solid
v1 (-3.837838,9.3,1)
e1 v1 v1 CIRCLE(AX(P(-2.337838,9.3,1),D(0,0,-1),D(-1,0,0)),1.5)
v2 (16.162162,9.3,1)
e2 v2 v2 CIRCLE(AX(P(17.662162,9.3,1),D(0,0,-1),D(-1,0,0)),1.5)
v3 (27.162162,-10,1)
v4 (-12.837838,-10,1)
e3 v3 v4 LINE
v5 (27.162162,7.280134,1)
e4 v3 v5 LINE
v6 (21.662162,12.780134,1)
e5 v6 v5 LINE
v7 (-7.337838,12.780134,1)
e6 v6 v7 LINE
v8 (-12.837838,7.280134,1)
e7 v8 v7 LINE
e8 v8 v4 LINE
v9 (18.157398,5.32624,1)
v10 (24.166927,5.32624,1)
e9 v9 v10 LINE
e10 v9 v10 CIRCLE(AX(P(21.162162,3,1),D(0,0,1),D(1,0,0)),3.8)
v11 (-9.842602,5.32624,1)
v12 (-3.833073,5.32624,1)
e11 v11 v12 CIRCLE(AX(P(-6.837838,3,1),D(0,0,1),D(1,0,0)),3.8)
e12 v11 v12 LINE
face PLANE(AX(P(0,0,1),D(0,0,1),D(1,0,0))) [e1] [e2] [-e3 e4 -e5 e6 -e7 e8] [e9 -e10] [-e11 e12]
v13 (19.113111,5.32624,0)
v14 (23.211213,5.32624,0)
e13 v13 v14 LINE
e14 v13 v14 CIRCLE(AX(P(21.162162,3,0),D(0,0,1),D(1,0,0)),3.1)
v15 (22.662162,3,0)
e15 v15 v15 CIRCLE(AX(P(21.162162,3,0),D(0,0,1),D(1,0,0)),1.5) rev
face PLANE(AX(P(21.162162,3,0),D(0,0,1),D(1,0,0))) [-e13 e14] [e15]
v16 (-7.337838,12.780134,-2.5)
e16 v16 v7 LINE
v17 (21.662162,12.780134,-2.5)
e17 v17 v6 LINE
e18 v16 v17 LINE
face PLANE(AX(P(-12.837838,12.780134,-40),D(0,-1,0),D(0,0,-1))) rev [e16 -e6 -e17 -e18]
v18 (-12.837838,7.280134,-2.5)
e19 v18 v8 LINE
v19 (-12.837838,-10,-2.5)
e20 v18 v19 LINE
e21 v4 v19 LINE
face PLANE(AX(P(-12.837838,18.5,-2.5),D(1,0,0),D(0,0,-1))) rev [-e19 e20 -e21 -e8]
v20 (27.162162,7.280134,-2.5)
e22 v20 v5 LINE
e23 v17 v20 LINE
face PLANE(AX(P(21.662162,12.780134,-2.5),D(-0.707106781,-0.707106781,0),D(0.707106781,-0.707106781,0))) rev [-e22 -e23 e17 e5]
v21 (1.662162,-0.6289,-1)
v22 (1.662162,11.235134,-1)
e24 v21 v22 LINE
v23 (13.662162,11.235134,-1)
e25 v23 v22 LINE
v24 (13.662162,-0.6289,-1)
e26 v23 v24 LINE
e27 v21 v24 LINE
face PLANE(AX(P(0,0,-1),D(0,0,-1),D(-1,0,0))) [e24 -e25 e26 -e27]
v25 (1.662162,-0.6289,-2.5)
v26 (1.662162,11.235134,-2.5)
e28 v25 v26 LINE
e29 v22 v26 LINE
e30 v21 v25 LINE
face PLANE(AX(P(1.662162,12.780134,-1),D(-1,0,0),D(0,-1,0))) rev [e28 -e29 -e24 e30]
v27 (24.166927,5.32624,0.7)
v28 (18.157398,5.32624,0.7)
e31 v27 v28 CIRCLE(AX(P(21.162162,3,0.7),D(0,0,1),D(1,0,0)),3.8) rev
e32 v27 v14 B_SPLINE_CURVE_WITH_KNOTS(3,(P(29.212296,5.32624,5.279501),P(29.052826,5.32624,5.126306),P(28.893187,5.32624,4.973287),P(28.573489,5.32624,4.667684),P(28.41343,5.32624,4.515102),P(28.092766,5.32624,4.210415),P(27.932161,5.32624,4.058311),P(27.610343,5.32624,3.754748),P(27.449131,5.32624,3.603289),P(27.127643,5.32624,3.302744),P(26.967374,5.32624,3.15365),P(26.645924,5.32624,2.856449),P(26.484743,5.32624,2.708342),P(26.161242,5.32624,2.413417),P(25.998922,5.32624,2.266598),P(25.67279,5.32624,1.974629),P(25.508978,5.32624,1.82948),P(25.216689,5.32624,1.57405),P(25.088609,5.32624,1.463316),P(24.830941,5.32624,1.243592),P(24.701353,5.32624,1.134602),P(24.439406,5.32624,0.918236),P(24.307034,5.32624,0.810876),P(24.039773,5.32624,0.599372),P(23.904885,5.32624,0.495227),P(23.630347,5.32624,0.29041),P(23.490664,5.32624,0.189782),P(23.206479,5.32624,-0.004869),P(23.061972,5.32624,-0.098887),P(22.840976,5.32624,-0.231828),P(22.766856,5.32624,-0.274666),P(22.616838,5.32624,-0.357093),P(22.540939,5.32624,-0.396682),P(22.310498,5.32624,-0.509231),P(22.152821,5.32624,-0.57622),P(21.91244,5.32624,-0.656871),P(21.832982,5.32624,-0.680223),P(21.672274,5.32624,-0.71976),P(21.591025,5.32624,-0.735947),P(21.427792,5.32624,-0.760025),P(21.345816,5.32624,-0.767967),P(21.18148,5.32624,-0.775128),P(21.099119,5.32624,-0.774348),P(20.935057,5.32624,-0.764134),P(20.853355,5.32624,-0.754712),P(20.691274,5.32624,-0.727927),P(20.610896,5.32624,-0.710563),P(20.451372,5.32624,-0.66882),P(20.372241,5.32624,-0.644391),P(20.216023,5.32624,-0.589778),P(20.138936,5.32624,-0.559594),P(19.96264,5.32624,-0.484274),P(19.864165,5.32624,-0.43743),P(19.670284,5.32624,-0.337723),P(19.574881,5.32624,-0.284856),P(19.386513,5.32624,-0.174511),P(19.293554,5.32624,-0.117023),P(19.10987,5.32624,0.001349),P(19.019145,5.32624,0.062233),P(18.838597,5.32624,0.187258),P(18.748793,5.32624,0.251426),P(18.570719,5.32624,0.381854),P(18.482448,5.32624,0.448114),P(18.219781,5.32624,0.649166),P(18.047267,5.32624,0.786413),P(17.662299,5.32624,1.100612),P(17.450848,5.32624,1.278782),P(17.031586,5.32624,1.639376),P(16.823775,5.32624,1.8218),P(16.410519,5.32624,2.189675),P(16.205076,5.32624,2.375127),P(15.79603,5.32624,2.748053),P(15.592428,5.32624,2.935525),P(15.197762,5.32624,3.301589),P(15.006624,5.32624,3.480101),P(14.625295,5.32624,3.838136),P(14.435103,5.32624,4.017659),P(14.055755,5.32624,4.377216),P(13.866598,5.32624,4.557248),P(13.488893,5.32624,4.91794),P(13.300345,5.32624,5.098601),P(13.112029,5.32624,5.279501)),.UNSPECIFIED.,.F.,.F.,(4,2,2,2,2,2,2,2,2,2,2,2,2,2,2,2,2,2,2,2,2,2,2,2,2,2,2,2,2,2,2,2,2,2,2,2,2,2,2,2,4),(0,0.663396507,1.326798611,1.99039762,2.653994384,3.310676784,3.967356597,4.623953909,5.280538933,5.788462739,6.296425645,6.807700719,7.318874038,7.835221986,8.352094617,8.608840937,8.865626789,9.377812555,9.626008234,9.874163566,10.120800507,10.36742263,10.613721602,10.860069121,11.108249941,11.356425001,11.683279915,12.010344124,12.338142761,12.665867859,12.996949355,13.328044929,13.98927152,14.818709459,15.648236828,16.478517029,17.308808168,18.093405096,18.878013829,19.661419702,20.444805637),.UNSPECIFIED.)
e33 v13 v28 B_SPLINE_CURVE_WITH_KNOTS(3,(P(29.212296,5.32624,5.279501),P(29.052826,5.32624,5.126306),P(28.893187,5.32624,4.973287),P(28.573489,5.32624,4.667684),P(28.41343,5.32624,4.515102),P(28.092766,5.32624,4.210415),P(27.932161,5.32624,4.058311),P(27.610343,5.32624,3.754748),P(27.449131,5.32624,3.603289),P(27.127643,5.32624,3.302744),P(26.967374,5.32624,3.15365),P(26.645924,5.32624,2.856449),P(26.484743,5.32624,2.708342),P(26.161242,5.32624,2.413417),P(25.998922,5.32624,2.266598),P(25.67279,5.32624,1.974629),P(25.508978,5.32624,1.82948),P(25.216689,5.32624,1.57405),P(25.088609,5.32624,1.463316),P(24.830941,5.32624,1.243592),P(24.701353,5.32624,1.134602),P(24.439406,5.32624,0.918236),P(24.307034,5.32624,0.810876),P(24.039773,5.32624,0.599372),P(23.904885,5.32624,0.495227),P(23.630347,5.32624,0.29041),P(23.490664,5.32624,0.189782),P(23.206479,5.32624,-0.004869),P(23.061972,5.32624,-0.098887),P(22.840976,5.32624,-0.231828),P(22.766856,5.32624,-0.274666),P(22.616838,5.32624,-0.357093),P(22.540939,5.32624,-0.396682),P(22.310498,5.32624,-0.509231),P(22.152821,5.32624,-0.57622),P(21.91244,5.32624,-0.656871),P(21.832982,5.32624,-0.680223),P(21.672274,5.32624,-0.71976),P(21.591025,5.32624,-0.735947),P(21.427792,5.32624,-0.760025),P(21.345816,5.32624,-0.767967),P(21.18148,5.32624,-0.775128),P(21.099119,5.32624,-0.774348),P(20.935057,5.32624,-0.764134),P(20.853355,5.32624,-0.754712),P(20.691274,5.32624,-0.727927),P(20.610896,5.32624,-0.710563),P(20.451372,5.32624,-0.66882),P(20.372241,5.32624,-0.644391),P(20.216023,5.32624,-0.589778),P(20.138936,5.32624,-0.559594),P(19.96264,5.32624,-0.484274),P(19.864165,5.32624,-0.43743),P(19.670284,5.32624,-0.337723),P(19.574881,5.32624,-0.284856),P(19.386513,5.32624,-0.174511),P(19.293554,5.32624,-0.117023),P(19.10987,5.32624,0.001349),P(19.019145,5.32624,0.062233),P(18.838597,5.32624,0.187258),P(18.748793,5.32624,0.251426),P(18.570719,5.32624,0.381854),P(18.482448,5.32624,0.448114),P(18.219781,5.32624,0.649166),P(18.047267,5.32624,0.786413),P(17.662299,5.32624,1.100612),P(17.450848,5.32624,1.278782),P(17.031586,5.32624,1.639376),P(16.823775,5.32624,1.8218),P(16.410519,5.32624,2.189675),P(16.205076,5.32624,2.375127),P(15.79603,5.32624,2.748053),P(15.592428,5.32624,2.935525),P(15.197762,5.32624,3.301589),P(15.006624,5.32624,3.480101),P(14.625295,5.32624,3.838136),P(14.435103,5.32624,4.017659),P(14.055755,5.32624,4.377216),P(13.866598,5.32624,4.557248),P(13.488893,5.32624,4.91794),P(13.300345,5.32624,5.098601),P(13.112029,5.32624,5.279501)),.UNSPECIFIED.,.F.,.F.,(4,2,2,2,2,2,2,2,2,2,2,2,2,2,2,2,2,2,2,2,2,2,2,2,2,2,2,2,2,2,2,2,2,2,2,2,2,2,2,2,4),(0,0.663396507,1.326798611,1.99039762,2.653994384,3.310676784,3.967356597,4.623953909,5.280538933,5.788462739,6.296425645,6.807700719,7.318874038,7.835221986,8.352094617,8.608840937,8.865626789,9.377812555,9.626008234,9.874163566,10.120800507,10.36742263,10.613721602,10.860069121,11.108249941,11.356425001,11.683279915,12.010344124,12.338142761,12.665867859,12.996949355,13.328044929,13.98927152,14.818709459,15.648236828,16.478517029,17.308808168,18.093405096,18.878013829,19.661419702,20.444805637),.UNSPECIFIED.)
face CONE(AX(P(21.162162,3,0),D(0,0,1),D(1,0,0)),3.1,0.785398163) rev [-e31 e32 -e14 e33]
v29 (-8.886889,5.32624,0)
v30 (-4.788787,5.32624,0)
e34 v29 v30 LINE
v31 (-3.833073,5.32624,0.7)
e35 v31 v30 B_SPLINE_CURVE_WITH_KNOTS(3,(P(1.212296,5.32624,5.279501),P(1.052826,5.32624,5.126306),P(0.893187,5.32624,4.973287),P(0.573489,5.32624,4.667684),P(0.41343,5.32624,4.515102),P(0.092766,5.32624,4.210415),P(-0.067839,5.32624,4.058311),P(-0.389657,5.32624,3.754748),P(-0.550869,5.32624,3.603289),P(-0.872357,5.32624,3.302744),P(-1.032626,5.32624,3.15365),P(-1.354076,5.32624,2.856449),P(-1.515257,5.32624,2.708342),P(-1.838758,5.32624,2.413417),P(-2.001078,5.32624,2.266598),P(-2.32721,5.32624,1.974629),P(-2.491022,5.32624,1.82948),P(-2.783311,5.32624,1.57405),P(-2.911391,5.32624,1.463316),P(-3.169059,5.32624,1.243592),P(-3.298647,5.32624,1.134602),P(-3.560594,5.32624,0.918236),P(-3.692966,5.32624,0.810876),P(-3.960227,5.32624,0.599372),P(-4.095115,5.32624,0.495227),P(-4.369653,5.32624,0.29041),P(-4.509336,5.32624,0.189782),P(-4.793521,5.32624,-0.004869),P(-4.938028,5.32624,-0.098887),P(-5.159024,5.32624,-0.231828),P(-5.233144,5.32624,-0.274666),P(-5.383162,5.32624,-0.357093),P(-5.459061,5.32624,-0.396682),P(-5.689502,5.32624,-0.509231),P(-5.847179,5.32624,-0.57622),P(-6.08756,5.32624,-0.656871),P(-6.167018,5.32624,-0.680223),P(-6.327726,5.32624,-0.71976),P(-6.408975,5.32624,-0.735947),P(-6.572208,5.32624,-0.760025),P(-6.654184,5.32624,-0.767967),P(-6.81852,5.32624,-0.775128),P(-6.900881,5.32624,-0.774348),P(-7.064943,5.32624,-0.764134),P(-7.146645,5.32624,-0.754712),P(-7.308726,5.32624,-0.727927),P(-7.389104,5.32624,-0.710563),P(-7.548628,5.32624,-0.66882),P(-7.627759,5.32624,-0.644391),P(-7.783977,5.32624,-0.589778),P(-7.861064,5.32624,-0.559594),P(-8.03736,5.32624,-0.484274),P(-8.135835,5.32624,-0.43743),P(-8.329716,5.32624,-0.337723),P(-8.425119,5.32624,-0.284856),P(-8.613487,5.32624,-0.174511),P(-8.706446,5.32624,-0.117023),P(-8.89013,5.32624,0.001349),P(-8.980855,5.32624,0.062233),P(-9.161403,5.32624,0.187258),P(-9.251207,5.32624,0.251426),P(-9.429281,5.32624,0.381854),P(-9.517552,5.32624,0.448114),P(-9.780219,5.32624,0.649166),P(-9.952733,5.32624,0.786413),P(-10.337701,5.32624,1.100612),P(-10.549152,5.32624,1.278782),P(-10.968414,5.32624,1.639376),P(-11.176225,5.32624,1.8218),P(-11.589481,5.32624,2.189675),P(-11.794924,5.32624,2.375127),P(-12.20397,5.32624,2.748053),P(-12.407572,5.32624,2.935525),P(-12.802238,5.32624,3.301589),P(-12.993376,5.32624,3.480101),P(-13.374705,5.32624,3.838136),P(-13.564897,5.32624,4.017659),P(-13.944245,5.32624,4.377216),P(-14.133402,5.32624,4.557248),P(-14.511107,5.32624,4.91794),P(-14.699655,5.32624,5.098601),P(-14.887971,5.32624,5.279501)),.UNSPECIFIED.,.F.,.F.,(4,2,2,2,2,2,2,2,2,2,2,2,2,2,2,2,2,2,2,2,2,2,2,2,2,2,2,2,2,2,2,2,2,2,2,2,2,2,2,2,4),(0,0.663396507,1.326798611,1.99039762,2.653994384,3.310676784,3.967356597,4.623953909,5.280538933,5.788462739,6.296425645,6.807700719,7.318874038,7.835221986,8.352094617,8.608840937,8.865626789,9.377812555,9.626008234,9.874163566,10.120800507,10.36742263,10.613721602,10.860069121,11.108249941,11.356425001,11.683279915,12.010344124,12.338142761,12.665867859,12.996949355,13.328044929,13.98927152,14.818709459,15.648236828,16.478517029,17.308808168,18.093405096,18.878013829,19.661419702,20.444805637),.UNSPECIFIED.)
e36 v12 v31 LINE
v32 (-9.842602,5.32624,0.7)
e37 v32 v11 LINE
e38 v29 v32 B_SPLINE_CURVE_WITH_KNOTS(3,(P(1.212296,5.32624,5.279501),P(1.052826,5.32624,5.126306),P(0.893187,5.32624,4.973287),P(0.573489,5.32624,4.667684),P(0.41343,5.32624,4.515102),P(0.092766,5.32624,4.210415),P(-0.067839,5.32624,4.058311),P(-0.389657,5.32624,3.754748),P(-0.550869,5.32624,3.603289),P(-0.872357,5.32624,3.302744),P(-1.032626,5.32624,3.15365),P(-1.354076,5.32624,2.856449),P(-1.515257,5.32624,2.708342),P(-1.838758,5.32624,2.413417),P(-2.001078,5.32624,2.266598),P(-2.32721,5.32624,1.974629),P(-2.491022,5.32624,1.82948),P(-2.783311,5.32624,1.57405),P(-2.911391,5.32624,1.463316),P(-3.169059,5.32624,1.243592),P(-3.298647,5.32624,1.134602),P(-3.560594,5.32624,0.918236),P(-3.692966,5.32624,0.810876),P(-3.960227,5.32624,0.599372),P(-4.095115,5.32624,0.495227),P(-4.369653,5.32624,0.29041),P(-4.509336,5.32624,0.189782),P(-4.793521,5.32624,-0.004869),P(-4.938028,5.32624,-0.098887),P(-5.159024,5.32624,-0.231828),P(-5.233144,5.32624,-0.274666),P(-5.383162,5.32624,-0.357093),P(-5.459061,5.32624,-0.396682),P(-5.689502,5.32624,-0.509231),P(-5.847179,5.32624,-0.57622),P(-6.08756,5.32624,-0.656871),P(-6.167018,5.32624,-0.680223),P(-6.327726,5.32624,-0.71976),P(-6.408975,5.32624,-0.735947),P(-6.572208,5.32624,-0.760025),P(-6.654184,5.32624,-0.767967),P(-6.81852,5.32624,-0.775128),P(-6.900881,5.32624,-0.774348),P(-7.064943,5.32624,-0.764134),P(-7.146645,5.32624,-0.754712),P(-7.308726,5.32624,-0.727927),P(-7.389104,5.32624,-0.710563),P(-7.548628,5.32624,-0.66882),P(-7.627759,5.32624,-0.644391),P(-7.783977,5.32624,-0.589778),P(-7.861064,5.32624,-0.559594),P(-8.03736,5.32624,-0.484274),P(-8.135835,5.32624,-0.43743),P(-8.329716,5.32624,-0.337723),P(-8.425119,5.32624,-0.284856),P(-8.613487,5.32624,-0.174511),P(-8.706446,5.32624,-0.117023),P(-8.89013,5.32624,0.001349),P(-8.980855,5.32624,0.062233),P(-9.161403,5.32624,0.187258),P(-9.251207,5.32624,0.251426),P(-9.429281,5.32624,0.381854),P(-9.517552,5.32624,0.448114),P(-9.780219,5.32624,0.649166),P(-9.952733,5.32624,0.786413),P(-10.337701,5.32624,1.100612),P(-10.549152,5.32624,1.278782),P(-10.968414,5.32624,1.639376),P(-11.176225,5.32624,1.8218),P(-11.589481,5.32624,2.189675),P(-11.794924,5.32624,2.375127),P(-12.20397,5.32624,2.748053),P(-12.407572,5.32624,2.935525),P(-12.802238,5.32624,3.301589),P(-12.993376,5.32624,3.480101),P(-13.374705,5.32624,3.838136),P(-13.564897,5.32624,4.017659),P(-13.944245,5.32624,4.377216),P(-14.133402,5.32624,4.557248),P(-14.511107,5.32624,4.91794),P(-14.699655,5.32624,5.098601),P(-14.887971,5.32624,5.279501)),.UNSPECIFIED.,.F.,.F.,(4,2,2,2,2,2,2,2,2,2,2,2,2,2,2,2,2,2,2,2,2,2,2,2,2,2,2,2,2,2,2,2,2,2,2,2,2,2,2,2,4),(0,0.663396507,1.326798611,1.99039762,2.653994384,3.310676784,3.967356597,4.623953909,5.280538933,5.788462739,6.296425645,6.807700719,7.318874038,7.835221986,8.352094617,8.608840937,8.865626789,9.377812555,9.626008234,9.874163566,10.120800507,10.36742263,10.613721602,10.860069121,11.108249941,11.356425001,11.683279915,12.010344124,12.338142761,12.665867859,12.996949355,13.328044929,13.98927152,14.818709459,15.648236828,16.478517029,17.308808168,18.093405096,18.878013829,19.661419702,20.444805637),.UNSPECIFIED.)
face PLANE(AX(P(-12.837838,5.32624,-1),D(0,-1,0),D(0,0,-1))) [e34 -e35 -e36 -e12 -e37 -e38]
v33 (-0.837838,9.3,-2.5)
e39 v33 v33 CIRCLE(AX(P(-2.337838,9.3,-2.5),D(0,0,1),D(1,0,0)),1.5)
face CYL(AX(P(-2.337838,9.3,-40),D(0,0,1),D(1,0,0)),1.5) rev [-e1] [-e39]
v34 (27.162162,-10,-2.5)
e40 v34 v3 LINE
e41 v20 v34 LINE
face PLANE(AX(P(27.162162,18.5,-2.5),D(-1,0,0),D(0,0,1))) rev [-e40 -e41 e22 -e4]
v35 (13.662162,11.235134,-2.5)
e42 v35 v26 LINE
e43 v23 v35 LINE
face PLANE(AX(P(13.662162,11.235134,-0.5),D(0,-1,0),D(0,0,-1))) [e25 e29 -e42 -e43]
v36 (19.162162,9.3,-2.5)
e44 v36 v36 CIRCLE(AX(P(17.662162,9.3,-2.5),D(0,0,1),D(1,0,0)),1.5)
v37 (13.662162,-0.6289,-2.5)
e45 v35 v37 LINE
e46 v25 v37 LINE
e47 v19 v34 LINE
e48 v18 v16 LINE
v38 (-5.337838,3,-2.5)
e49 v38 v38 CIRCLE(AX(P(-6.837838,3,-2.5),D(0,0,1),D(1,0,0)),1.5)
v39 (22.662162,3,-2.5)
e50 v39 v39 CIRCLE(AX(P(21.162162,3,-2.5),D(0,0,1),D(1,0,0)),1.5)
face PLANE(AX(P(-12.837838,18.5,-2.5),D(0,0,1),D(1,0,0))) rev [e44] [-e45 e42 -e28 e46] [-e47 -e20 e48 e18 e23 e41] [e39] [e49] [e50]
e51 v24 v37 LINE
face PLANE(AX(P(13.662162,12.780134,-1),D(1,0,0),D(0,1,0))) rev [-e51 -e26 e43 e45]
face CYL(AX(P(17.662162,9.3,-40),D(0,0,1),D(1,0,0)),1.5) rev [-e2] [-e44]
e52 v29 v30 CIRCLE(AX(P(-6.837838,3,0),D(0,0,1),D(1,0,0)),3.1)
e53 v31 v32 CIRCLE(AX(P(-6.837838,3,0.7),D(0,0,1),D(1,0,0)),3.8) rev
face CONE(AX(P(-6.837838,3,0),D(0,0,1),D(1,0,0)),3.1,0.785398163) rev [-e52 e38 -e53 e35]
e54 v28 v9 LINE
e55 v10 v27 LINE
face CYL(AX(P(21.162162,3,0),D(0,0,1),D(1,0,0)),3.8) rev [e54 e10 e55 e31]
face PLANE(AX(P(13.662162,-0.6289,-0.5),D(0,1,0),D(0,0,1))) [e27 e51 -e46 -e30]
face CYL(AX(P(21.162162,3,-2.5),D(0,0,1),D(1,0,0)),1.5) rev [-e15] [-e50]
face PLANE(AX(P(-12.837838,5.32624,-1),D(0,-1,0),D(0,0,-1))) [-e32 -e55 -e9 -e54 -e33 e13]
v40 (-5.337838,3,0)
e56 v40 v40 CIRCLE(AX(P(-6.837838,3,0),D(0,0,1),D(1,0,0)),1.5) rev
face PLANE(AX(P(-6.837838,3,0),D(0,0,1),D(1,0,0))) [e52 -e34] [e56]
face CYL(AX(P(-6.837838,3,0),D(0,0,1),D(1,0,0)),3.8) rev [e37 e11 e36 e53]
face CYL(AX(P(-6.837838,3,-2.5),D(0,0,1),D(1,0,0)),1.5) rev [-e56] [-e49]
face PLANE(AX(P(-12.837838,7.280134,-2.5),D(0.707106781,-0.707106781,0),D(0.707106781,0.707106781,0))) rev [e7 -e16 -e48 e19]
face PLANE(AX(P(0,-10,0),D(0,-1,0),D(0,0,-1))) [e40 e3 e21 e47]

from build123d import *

# Parameters (mm, degrees)
SKETCH_1_W          = 40
SKETCH_1_H          = 2.5
EXTRUDE_1_DEPTH     = 18.5
SKETCH_2_R          = 1.5
CUT_EXTRUDE_1_DEPTH = 33.958808433
SKETCH_3_R          = 1.5
CUT_EXTRUDE_2_DEPTH = 40
SKETCH_4_W          = 40
SKETCH_4_H          = 5.719865779
CUT_EXTRUDE_3_DEPTH = 40
SKETCH_5_W          = 40
SKETCH_5_H          = 12.780134221
EXTRUDE_2_DEPTH     = 1
SKETCH_6_R          = 1.5
CUT_EXTRUDE_4_DEPTH = 31.221927206
SKETCH_8_W          = 40
SKETCH_8_H          = 3.5
EXTRUDE_3_DEPTH     = 5
SKETCH_9_R          = 3.8
CUT_EXTRUDE_5_DEPTH = 1
SKETCH_10_W         = 12
SKETCH_10_H         = 17.780134221
CUT_EXTRUDE_6_DEPTH = 1.5
CHAMFER_3_SIZE      = 0.7
CUT_EXTRUDE_7_DEPTH = 31.221927206
SKETCH_12_W         = 40
SKETCH_12_H         = 1.953894505
EXTRUDE_5_DEPTH     = 2
SKETCH_13_W         = 40
SKETCH_13_H         = 3.5
EXTRUDE_6_DEPTH     = 5
SKETCH_14_W         = 12
SKETCH_14_H         = 4.371099825
EXTRUDE_7_DEPTH     = 2
SKETCH_15_W         = 12
SKETCH_15_H         = 1.544999831
EXTRUDE_8_DEPTH     = 2


with BuildPart() as part:
    # Эскиз1 → Бобышка-Вытянуть1 (new body)
    with BuildSketch(Plane(origin=(0, 0, 0), x_dir=(1, 0, 0), z_dir=(0, 1, 0))):
        with Locations((7.162162162, 1.25)):
            Rectangle(SKETCH_1_W, SKETCH_1_H)
    extrude(amount=EXTRUDE_1_DEPTH)

    # Эскиз2 → Вырез-Вытянуть1 (cut, through all)
    with BuildSketch(Plane.XY):
        with Locations((-6.837837838, 3)):
            Circle(SKETCH_2_R)
        with Locations((21.162162162, 3)):
            Circle(SKETCH_2_R)
    extrude(amount=-CUT_EXTRUDE_1_DEPTH, mode=Mode.SUBTRACT)

    # Эскиз3 → Вырез-Вытянуть2 (cut)
    with BuildSketch(Plane.XY):
        with Locations((-2.337837838, 9.3)):
            Circle(SKETCH_3_R)
        with Locations((17.662162162, 9.3)):
            Circle(SKETCH_3_R)
    extrude(amount=-CUT_EXTRUDE_2_DEPTH, mode=Mode.SUBTRACT)

    # Эскиз4 → Вырез-Вытянуть3 (cut)
    with BuildSketch(Plane.XY):
        with Locations((7.162162162, 15.640067111)):
            Rectangle(SKETCH_4_W, SKETCH_4_H)
    extrude(amount=-CUT_EXTRUDE_3_DEPTH, mode=Mode.SUBTRACT)

    # Эскиз5 → Бобышка-Вытянуть2 (add)
    with BuildSketch(Plane.XY):
        with Locations((7.162162162, 6.390067111)):
            Rectangle(SKETCH_5_W, SKETCH_5_H)
    extrude(amount=EXTRUDE_2_DEPTH)

    # Эскиз6 → Вырез-Вытянуть4 (cut, through all)
    with BuildSketch(Plane(origin=(0, 0, -2.5), x_dir=(-1, 0, 0), z_dir=(0, 0, -1))):
        with Locations(Location((-17.662162162, 9.3, 0), (0, 0, 180))):
            Circle(SKETCH_6_R)
        with Locations(Location((2.337837838, 9.3, 0), (0, 0, 180))):
            Circle(SKETCH_6_R)
        with Locations(Location((6.837837838, 3, 0), (0, 0, 180))):
            Circle(SKETCH_6_R)
        with Locations(Location((-21.162162162, 3, 0), (0, 0, 180))):
            Circle(SKETCH_6_R)
    extrude(amount=-CUT_EXTRUDE_4_DEPTH, mode=Mode.SUBTRACT)

    # Эскиз8 → Бобышка-Вытянуть3 (add)
    with BuildSketch(Plane.XZ):
        with Locations((7.162162162, -0.75)):
            Rectangle(SKETCH_8_W, SKETCH_8_H)
    extrude(amount=EXTRUDE_3_DEPTH)

    # Эскиз9 → Вырез-Вытянуть5 (cut)
    with BuildSketch(Plane.XY.offset(1)):
        with Locations((-6.837837838, 3)):
            Circle(SKETCH_9_R)
        with Locations((21.162162162, 3)):
            Circle(SKETCH_9_R)
    extrude(amount=-CUT_EXTRUDE_5_DEPTH, mode=Mode.SUBTRACT)

    # Эскиз10 → Вырез-Вытянуть6 (cut)
    with BuildSketch(Plane(origin=(0, 0, -2.5), x_dir=(-1, 0, 0), z_dir=(0, 0, -1))):
        with Locations((-7.662162162, 3.890067111)):
            Rectangle(SKETCH_10_W, SKETCH_10_H)
    extrude(amount=-CUT_EXTRUDE_6_DEPTH, mode=Mode.SUBTRACT)

    # Фаска3
    chamfer_3_edges = [part.edges().sort_by_distance(p)[0] for p in [
        (-10.637837838, 3, 0),
        (17.362162162, 3, 0),
    ]]
    chamfer(chamfer_3_edges, length=CHAMFER_3_SIZE)

    # Эскиз11 → Вырез-Вытянуть7 (cut, through all)
    with BuildSketch(Plane.XY.offset(1)):
        Polygon((-12.837837838, 12.780134221), (-12.837837838, 7.280134221), (-7.337837838, 12.780134221), align=None)
        Polygon((27.162162162, 12.780134221), (21.662162162, 12.780134221), (27.162162162, 7.280134221), align=None)
    extrude(amount=-CUT_EXTRUDE_7_DEPTH, mode=Mode.SUBTRACT)

    # Эскиз12 → Бобышка-Вытянуть5 (add)
    with BuildSketch(Plane.XY.offset(1)):
        with Locations((7.162162162, 6.303186969)):
            Rectangle(SKETCH_12_W, SKETCH_12_H)
    extrude(amount=-EXTRUDE_5_DEPTH)

    # Эскиз13 → Бобышка-Вытянуть6 (add)
    with BuildSketch(Plane.XZ.offset(5)):
        with Locations((7.162162162, -0.75)):
            Rectangle(SKETCH_13_W, SKETCH_13_H)
    extrude(amount=EXTRUDE_6_DEPTH)

    # Эскиз14 → Бобышка-Вытянуть7 (add)
    with BuildSketch(Plane(origin=(0, 0, -2.5), x_dir=(-1, 0, 0), z_dir=(0, 0, -1))):
        with Locations((-7.662162162, -2.814450088)):
            Rectangle(SKETCH_14_W, SKETCH_14_H)
    extrude(amount=-EXTRUDE_7_DEPTH)

    # Эскиз15 → Бобышка-Вытянуть8 (add)
    with BuildSketch(Plane(origin=(0, 0, -2.5), x_dir=(-1, 0, 0), z_dir=(0, 0, -1))):
        with Locations((-7.662162162, 12.007634306)):
            Rectangle(SKETCH_15_W, SKETCH_15_H)
    extrude(amount=-EXTRUDE_8_DEPTH)


solid = part.part
